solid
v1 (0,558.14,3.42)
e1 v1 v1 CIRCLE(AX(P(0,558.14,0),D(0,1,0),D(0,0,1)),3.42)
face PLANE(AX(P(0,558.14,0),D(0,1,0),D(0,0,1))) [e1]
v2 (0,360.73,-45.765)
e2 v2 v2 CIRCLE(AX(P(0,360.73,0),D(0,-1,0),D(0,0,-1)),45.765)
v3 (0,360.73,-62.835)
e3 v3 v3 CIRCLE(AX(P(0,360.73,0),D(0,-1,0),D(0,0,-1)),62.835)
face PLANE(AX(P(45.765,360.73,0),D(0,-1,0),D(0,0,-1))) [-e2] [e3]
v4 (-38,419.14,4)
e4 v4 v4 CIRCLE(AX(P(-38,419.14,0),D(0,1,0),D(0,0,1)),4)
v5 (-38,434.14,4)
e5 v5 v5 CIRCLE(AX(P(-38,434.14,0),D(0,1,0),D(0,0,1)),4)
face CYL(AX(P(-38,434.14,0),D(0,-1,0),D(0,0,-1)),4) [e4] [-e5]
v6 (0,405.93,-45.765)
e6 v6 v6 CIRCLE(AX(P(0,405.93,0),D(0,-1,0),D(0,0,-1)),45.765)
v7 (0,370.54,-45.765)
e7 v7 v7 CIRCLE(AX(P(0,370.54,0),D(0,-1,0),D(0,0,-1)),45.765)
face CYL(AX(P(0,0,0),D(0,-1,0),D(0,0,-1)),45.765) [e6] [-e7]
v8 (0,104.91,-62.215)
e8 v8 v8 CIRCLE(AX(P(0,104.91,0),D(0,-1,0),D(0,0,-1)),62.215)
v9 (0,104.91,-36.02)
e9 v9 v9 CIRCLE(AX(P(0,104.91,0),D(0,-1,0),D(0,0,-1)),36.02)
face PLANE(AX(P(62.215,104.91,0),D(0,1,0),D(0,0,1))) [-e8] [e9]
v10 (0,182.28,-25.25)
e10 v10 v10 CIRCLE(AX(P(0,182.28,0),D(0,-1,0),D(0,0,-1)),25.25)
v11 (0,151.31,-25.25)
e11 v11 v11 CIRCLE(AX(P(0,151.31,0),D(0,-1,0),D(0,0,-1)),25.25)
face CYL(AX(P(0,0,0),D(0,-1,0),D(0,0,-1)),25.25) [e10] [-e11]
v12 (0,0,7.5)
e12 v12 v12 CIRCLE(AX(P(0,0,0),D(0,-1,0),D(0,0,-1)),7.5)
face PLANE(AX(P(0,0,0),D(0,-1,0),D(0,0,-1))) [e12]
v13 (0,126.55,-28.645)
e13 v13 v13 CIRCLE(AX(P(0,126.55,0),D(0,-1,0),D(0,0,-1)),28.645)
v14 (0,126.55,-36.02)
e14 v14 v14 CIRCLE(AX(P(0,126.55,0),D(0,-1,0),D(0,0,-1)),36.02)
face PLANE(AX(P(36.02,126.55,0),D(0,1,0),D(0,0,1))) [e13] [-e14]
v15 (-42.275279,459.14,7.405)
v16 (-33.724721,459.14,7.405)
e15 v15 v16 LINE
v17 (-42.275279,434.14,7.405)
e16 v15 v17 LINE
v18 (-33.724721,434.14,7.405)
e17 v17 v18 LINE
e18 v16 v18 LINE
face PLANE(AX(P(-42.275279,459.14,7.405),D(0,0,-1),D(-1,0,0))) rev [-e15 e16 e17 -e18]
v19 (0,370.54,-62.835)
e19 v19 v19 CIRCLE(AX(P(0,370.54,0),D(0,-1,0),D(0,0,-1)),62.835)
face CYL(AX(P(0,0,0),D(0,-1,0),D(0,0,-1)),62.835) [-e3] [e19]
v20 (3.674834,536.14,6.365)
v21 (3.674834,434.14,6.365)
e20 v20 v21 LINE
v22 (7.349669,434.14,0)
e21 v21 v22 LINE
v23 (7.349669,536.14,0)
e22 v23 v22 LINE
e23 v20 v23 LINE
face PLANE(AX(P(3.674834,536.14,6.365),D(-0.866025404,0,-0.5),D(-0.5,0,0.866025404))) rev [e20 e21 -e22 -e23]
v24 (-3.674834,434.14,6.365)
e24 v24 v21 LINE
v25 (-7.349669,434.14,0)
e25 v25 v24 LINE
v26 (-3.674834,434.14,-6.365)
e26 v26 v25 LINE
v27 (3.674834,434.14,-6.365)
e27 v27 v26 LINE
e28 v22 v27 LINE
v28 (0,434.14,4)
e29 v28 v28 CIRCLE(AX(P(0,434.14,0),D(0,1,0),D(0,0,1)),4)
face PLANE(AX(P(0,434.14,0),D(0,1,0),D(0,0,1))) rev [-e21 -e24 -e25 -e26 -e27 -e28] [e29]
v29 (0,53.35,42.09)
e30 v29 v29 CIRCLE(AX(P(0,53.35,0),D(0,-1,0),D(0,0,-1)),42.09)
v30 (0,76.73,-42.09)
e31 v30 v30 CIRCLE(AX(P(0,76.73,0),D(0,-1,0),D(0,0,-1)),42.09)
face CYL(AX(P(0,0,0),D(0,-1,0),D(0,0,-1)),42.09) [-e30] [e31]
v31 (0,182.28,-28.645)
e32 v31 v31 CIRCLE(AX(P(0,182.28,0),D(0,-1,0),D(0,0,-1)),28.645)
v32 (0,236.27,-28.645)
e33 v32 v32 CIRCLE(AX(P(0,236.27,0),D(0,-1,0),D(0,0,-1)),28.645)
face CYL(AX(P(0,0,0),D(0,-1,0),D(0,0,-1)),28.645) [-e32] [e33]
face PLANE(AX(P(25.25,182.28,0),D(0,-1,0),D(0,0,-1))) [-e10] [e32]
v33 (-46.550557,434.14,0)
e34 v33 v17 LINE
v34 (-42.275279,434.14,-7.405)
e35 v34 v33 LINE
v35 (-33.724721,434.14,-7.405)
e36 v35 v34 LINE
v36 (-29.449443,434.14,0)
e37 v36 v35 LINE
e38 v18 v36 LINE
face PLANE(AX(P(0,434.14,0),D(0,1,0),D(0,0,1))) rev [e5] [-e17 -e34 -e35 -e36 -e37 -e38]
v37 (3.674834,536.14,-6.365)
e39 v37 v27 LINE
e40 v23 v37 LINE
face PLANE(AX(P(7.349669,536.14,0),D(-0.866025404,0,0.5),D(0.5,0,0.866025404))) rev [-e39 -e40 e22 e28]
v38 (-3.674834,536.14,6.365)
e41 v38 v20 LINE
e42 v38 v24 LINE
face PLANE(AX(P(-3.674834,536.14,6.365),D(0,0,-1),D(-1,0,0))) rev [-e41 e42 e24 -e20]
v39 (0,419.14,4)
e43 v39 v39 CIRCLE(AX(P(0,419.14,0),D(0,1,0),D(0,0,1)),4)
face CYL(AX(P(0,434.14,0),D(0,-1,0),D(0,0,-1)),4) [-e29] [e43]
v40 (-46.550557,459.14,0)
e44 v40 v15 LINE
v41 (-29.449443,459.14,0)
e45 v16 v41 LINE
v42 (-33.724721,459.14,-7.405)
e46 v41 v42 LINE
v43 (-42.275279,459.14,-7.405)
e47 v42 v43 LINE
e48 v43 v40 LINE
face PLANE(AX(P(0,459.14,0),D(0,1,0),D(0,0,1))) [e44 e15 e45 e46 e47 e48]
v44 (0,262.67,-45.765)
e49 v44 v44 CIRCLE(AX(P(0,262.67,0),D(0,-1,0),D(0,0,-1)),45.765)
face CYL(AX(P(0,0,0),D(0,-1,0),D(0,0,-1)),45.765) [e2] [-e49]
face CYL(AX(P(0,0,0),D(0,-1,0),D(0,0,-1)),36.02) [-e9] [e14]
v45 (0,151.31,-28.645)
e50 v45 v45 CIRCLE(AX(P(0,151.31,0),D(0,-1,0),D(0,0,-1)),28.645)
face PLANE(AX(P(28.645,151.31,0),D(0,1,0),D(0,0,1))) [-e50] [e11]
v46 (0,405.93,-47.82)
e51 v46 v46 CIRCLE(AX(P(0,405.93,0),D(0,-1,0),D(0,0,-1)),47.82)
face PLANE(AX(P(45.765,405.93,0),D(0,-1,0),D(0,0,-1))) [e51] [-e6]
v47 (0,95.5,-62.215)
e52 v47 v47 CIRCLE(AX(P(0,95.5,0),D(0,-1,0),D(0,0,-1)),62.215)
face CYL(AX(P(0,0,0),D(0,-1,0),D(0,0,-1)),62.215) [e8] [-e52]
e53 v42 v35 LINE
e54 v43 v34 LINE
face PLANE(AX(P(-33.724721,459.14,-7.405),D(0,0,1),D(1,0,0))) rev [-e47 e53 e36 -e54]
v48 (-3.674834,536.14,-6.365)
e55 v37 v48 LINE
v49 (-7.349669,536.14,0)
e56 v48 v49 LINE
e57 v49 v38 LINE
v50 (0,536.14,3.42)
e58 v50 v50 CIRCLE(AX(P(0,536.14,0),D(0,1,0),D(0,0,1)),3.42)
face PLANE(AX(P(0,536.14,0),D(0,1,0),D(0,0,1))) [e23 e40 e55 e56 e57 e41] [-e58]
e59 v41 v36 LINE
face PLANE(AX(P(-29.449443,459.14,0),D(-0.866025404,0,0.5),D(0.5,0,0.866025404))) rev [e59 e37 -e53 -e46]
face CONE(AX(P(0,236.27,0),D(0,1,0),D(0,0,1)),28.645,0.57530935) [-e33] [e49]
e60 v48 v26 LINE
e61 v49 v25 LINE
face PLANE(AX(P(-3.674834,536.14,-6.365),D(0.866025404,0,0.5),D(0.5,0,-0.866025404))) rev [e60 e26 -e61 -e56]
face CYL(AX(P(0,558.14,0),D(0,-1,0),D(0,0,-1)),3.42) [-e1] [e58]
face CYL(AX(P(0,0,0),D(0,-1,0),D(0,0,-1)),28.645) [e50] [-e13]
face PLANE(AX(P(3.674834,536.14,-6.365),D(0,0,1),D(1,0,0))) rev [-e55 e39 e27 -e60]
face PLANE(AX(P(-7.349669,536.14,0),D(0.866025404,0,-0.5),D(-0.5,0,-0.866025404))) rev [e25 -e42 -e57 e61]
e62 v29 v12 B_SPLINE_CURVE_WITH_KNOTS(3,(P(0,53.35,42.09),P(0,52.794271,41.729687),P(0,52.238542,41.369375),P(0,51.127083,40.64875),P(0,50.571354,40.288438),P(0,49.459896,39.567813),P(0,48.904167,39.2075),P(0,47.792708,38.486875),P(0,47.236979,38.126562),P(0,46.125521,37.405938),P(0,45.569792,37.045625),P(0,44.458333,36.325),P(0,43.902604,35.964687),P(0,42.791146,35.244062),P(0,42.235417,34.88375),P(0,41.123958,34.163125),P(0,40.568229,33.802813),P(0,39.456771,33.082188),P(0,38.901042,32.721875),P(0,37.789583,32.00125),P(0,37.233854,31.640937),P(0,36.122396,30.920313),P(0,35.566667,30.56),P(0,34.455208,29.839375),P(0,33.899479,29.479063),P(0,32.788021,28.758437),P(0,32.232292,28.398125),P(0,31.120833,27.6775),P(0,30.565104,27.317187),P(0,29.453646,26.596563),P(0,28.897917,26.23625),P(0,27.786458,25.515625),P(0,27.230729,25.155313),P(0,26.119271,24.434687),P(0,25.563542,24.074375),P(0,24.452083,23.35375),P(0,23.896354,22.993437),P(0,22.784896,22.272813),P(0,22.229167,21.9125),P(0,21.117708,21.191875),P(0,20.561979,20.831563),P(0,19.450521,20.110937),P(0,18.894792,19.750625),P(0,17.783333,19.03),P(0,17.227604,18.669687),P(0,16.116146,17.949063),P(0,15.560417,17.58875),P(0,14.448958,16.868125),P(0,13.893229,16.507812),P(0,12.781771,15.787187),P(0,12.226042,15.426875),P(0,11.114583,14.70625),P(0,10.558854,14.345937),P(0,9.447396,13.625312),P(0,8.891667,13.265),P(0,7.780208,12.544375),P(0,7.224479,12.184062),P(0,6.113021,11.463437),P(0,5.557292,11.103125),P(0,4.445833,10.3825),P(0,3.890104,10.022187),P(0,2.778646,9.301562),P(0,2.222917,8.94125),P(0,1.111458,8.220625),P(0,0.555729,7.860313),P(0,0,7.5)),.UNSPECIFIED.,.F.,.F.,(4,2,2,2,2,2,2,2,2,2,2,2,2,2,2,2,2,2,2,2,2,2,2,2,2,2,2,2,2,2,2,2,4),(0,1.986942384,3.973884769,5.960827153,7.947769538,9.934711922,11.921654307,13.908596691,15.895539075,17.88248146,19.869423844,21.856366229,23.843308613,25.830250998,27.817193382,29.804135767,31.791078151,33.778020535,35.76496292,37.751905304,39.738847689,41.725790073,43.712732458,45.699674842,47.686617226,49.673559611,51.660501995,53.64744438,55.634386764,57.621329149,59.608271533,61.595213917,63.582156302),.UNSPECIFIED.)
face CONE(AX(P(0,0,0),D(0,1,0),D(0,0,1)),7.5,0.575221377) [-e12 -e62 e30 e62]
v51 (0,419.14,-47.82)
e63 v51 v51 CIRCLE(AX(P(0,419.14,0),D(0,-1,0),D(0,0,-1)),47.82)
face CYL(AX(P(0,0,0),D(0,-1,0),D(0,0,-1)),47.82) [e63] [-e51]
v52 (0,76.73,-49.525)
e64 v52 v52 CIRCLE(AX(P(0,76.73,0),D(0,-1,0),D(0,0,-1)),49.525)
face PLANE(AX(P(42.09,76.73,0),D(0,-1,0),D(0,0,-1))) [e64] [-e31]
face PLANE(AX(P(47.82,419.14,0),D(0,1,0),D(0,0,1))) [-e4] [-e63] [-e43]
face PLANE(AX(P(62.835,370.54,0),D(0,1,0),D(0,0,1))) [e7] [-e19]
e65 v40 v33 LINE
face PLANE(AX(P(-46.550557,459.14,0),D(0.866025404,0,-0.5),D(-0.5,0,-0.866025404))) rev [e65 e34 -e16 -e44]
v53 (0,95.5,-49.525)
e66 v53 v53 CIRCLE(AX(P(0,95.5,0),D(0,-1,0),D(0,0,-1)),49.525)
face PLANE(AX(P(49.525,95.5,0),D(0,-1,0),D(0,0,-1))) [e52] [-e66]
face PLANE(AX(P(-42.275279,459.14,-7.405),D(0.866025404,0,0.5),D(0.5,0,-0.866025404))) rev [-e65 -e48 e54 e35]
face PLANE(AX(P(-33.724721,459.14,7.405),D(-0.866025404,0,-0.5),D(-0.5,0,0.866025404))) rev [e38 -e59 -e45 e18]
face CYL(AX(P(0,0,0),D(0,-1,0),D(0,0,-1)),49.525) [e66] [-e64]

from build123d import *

# Parameters (mm, degrees)
SKETCH_2_R      = 4
EXTRUDE_1_DEPTH = 15
EXTRUDE_2_DEPTH = 102
SKETCH_4_R      = 3.42
EXTRUDE_3_DEPTH = 22
EXTRUDE_4_DEPTH = 25


with BuildPart() as part:
    # 草图1 → 旋转1 (revolve)
    with BuildSketch(Plane.XY, mode=Mode.PRIVATE) as revolve_1_sk:
        Polygon((0, 0), (7.5, 0), (42.09, 53.35), (42.09, 76.73), (49.525, 76.73), (49.525, 95.5), (62.215, 95.5), (62.215, 104.91), (36.02, 104.91), (36.02, 126.55), (28.645, 126.55), (28.645, 151.31), (25.25, 151.31), (25.25, 182.28), (28.645, 182.28), (28.645, 236.27), (45.765, 262.67), (45.765, 360.73), (62.835, 360.73), (62.835, 370.54), (45.765, 370.54), (45.765, 405.93), (47.82, 405.93), (47.82, 419.14), (0, 419.14), align=None)
    revolve(revolve_1_sk.sketch.rotate(Axis((0, 0, 0), (0, 1, 0)), 90), axis=Axis((0, 0, 0), (0, 1, 0)))

    # 草图2 → 凸台-拉伸1 (add)
    with BuildSketch(Plane(origin=(0, 419.14, 0), x_dir=(1, 0, 0), z_dir=(0, 1, 0))):
        with Locations(Location((0, 0, 0), (0, 0, 270))):
            Circle(SKETCH_2_R)
        with Locations(Location((-38, 0, 0), (0, 0, 270))):
            Circle(SKETCH_2_R)
    extrude(amount=EXTRUDE_1_DEPTH)

    # 草图3 → 凸台-拉伸2 (add)
    with BuildSketch(Plane(origin=(0, 434.14, 0), x_dir=(1, 0, 0), z_dir=(0, 1, 0))):
        Polygon((3.674834463, -6.365), (7.349668927, 0), (3.674834463, 6.365), (-3.674834463, 6.365), (-7.349668927, 0), (-3.674834463, -6.365), align=None)
    extrude(amount=EXTRUDE_2_DEPTH)

    # 草图4 → 凸台-拉伸3 (add)
    with BuildSketch(Plane(origin=(0, 536.14, 0), x_dir=(1, 0, 0), z_dir=(0, 1, 0))):
        with Locations(Location((0, 0, 0), (0, 0, 270))):
            Circle(SKETCH_4_R)
    extrude(amount=EXTRUDE_3_DEPTH)

    # 草图5 → 凸台-拉伸4 (add)
    with BuildSketch(Plane(origin=(0, 434.14, 0), x_dir=(1, 0, 0), z_dir=(0, 1, 0))):
        Polygon((-29.449442513, 0), (-33.724721257, 7.405), (-42.275278743, 7.405), (-46.550557487, 0), (-42.275278743, -7.405), (-33.724721257, -7.405), align=None)
    extrude(amount=EXTRUDE_4_DEPTH)


solid = part.part
